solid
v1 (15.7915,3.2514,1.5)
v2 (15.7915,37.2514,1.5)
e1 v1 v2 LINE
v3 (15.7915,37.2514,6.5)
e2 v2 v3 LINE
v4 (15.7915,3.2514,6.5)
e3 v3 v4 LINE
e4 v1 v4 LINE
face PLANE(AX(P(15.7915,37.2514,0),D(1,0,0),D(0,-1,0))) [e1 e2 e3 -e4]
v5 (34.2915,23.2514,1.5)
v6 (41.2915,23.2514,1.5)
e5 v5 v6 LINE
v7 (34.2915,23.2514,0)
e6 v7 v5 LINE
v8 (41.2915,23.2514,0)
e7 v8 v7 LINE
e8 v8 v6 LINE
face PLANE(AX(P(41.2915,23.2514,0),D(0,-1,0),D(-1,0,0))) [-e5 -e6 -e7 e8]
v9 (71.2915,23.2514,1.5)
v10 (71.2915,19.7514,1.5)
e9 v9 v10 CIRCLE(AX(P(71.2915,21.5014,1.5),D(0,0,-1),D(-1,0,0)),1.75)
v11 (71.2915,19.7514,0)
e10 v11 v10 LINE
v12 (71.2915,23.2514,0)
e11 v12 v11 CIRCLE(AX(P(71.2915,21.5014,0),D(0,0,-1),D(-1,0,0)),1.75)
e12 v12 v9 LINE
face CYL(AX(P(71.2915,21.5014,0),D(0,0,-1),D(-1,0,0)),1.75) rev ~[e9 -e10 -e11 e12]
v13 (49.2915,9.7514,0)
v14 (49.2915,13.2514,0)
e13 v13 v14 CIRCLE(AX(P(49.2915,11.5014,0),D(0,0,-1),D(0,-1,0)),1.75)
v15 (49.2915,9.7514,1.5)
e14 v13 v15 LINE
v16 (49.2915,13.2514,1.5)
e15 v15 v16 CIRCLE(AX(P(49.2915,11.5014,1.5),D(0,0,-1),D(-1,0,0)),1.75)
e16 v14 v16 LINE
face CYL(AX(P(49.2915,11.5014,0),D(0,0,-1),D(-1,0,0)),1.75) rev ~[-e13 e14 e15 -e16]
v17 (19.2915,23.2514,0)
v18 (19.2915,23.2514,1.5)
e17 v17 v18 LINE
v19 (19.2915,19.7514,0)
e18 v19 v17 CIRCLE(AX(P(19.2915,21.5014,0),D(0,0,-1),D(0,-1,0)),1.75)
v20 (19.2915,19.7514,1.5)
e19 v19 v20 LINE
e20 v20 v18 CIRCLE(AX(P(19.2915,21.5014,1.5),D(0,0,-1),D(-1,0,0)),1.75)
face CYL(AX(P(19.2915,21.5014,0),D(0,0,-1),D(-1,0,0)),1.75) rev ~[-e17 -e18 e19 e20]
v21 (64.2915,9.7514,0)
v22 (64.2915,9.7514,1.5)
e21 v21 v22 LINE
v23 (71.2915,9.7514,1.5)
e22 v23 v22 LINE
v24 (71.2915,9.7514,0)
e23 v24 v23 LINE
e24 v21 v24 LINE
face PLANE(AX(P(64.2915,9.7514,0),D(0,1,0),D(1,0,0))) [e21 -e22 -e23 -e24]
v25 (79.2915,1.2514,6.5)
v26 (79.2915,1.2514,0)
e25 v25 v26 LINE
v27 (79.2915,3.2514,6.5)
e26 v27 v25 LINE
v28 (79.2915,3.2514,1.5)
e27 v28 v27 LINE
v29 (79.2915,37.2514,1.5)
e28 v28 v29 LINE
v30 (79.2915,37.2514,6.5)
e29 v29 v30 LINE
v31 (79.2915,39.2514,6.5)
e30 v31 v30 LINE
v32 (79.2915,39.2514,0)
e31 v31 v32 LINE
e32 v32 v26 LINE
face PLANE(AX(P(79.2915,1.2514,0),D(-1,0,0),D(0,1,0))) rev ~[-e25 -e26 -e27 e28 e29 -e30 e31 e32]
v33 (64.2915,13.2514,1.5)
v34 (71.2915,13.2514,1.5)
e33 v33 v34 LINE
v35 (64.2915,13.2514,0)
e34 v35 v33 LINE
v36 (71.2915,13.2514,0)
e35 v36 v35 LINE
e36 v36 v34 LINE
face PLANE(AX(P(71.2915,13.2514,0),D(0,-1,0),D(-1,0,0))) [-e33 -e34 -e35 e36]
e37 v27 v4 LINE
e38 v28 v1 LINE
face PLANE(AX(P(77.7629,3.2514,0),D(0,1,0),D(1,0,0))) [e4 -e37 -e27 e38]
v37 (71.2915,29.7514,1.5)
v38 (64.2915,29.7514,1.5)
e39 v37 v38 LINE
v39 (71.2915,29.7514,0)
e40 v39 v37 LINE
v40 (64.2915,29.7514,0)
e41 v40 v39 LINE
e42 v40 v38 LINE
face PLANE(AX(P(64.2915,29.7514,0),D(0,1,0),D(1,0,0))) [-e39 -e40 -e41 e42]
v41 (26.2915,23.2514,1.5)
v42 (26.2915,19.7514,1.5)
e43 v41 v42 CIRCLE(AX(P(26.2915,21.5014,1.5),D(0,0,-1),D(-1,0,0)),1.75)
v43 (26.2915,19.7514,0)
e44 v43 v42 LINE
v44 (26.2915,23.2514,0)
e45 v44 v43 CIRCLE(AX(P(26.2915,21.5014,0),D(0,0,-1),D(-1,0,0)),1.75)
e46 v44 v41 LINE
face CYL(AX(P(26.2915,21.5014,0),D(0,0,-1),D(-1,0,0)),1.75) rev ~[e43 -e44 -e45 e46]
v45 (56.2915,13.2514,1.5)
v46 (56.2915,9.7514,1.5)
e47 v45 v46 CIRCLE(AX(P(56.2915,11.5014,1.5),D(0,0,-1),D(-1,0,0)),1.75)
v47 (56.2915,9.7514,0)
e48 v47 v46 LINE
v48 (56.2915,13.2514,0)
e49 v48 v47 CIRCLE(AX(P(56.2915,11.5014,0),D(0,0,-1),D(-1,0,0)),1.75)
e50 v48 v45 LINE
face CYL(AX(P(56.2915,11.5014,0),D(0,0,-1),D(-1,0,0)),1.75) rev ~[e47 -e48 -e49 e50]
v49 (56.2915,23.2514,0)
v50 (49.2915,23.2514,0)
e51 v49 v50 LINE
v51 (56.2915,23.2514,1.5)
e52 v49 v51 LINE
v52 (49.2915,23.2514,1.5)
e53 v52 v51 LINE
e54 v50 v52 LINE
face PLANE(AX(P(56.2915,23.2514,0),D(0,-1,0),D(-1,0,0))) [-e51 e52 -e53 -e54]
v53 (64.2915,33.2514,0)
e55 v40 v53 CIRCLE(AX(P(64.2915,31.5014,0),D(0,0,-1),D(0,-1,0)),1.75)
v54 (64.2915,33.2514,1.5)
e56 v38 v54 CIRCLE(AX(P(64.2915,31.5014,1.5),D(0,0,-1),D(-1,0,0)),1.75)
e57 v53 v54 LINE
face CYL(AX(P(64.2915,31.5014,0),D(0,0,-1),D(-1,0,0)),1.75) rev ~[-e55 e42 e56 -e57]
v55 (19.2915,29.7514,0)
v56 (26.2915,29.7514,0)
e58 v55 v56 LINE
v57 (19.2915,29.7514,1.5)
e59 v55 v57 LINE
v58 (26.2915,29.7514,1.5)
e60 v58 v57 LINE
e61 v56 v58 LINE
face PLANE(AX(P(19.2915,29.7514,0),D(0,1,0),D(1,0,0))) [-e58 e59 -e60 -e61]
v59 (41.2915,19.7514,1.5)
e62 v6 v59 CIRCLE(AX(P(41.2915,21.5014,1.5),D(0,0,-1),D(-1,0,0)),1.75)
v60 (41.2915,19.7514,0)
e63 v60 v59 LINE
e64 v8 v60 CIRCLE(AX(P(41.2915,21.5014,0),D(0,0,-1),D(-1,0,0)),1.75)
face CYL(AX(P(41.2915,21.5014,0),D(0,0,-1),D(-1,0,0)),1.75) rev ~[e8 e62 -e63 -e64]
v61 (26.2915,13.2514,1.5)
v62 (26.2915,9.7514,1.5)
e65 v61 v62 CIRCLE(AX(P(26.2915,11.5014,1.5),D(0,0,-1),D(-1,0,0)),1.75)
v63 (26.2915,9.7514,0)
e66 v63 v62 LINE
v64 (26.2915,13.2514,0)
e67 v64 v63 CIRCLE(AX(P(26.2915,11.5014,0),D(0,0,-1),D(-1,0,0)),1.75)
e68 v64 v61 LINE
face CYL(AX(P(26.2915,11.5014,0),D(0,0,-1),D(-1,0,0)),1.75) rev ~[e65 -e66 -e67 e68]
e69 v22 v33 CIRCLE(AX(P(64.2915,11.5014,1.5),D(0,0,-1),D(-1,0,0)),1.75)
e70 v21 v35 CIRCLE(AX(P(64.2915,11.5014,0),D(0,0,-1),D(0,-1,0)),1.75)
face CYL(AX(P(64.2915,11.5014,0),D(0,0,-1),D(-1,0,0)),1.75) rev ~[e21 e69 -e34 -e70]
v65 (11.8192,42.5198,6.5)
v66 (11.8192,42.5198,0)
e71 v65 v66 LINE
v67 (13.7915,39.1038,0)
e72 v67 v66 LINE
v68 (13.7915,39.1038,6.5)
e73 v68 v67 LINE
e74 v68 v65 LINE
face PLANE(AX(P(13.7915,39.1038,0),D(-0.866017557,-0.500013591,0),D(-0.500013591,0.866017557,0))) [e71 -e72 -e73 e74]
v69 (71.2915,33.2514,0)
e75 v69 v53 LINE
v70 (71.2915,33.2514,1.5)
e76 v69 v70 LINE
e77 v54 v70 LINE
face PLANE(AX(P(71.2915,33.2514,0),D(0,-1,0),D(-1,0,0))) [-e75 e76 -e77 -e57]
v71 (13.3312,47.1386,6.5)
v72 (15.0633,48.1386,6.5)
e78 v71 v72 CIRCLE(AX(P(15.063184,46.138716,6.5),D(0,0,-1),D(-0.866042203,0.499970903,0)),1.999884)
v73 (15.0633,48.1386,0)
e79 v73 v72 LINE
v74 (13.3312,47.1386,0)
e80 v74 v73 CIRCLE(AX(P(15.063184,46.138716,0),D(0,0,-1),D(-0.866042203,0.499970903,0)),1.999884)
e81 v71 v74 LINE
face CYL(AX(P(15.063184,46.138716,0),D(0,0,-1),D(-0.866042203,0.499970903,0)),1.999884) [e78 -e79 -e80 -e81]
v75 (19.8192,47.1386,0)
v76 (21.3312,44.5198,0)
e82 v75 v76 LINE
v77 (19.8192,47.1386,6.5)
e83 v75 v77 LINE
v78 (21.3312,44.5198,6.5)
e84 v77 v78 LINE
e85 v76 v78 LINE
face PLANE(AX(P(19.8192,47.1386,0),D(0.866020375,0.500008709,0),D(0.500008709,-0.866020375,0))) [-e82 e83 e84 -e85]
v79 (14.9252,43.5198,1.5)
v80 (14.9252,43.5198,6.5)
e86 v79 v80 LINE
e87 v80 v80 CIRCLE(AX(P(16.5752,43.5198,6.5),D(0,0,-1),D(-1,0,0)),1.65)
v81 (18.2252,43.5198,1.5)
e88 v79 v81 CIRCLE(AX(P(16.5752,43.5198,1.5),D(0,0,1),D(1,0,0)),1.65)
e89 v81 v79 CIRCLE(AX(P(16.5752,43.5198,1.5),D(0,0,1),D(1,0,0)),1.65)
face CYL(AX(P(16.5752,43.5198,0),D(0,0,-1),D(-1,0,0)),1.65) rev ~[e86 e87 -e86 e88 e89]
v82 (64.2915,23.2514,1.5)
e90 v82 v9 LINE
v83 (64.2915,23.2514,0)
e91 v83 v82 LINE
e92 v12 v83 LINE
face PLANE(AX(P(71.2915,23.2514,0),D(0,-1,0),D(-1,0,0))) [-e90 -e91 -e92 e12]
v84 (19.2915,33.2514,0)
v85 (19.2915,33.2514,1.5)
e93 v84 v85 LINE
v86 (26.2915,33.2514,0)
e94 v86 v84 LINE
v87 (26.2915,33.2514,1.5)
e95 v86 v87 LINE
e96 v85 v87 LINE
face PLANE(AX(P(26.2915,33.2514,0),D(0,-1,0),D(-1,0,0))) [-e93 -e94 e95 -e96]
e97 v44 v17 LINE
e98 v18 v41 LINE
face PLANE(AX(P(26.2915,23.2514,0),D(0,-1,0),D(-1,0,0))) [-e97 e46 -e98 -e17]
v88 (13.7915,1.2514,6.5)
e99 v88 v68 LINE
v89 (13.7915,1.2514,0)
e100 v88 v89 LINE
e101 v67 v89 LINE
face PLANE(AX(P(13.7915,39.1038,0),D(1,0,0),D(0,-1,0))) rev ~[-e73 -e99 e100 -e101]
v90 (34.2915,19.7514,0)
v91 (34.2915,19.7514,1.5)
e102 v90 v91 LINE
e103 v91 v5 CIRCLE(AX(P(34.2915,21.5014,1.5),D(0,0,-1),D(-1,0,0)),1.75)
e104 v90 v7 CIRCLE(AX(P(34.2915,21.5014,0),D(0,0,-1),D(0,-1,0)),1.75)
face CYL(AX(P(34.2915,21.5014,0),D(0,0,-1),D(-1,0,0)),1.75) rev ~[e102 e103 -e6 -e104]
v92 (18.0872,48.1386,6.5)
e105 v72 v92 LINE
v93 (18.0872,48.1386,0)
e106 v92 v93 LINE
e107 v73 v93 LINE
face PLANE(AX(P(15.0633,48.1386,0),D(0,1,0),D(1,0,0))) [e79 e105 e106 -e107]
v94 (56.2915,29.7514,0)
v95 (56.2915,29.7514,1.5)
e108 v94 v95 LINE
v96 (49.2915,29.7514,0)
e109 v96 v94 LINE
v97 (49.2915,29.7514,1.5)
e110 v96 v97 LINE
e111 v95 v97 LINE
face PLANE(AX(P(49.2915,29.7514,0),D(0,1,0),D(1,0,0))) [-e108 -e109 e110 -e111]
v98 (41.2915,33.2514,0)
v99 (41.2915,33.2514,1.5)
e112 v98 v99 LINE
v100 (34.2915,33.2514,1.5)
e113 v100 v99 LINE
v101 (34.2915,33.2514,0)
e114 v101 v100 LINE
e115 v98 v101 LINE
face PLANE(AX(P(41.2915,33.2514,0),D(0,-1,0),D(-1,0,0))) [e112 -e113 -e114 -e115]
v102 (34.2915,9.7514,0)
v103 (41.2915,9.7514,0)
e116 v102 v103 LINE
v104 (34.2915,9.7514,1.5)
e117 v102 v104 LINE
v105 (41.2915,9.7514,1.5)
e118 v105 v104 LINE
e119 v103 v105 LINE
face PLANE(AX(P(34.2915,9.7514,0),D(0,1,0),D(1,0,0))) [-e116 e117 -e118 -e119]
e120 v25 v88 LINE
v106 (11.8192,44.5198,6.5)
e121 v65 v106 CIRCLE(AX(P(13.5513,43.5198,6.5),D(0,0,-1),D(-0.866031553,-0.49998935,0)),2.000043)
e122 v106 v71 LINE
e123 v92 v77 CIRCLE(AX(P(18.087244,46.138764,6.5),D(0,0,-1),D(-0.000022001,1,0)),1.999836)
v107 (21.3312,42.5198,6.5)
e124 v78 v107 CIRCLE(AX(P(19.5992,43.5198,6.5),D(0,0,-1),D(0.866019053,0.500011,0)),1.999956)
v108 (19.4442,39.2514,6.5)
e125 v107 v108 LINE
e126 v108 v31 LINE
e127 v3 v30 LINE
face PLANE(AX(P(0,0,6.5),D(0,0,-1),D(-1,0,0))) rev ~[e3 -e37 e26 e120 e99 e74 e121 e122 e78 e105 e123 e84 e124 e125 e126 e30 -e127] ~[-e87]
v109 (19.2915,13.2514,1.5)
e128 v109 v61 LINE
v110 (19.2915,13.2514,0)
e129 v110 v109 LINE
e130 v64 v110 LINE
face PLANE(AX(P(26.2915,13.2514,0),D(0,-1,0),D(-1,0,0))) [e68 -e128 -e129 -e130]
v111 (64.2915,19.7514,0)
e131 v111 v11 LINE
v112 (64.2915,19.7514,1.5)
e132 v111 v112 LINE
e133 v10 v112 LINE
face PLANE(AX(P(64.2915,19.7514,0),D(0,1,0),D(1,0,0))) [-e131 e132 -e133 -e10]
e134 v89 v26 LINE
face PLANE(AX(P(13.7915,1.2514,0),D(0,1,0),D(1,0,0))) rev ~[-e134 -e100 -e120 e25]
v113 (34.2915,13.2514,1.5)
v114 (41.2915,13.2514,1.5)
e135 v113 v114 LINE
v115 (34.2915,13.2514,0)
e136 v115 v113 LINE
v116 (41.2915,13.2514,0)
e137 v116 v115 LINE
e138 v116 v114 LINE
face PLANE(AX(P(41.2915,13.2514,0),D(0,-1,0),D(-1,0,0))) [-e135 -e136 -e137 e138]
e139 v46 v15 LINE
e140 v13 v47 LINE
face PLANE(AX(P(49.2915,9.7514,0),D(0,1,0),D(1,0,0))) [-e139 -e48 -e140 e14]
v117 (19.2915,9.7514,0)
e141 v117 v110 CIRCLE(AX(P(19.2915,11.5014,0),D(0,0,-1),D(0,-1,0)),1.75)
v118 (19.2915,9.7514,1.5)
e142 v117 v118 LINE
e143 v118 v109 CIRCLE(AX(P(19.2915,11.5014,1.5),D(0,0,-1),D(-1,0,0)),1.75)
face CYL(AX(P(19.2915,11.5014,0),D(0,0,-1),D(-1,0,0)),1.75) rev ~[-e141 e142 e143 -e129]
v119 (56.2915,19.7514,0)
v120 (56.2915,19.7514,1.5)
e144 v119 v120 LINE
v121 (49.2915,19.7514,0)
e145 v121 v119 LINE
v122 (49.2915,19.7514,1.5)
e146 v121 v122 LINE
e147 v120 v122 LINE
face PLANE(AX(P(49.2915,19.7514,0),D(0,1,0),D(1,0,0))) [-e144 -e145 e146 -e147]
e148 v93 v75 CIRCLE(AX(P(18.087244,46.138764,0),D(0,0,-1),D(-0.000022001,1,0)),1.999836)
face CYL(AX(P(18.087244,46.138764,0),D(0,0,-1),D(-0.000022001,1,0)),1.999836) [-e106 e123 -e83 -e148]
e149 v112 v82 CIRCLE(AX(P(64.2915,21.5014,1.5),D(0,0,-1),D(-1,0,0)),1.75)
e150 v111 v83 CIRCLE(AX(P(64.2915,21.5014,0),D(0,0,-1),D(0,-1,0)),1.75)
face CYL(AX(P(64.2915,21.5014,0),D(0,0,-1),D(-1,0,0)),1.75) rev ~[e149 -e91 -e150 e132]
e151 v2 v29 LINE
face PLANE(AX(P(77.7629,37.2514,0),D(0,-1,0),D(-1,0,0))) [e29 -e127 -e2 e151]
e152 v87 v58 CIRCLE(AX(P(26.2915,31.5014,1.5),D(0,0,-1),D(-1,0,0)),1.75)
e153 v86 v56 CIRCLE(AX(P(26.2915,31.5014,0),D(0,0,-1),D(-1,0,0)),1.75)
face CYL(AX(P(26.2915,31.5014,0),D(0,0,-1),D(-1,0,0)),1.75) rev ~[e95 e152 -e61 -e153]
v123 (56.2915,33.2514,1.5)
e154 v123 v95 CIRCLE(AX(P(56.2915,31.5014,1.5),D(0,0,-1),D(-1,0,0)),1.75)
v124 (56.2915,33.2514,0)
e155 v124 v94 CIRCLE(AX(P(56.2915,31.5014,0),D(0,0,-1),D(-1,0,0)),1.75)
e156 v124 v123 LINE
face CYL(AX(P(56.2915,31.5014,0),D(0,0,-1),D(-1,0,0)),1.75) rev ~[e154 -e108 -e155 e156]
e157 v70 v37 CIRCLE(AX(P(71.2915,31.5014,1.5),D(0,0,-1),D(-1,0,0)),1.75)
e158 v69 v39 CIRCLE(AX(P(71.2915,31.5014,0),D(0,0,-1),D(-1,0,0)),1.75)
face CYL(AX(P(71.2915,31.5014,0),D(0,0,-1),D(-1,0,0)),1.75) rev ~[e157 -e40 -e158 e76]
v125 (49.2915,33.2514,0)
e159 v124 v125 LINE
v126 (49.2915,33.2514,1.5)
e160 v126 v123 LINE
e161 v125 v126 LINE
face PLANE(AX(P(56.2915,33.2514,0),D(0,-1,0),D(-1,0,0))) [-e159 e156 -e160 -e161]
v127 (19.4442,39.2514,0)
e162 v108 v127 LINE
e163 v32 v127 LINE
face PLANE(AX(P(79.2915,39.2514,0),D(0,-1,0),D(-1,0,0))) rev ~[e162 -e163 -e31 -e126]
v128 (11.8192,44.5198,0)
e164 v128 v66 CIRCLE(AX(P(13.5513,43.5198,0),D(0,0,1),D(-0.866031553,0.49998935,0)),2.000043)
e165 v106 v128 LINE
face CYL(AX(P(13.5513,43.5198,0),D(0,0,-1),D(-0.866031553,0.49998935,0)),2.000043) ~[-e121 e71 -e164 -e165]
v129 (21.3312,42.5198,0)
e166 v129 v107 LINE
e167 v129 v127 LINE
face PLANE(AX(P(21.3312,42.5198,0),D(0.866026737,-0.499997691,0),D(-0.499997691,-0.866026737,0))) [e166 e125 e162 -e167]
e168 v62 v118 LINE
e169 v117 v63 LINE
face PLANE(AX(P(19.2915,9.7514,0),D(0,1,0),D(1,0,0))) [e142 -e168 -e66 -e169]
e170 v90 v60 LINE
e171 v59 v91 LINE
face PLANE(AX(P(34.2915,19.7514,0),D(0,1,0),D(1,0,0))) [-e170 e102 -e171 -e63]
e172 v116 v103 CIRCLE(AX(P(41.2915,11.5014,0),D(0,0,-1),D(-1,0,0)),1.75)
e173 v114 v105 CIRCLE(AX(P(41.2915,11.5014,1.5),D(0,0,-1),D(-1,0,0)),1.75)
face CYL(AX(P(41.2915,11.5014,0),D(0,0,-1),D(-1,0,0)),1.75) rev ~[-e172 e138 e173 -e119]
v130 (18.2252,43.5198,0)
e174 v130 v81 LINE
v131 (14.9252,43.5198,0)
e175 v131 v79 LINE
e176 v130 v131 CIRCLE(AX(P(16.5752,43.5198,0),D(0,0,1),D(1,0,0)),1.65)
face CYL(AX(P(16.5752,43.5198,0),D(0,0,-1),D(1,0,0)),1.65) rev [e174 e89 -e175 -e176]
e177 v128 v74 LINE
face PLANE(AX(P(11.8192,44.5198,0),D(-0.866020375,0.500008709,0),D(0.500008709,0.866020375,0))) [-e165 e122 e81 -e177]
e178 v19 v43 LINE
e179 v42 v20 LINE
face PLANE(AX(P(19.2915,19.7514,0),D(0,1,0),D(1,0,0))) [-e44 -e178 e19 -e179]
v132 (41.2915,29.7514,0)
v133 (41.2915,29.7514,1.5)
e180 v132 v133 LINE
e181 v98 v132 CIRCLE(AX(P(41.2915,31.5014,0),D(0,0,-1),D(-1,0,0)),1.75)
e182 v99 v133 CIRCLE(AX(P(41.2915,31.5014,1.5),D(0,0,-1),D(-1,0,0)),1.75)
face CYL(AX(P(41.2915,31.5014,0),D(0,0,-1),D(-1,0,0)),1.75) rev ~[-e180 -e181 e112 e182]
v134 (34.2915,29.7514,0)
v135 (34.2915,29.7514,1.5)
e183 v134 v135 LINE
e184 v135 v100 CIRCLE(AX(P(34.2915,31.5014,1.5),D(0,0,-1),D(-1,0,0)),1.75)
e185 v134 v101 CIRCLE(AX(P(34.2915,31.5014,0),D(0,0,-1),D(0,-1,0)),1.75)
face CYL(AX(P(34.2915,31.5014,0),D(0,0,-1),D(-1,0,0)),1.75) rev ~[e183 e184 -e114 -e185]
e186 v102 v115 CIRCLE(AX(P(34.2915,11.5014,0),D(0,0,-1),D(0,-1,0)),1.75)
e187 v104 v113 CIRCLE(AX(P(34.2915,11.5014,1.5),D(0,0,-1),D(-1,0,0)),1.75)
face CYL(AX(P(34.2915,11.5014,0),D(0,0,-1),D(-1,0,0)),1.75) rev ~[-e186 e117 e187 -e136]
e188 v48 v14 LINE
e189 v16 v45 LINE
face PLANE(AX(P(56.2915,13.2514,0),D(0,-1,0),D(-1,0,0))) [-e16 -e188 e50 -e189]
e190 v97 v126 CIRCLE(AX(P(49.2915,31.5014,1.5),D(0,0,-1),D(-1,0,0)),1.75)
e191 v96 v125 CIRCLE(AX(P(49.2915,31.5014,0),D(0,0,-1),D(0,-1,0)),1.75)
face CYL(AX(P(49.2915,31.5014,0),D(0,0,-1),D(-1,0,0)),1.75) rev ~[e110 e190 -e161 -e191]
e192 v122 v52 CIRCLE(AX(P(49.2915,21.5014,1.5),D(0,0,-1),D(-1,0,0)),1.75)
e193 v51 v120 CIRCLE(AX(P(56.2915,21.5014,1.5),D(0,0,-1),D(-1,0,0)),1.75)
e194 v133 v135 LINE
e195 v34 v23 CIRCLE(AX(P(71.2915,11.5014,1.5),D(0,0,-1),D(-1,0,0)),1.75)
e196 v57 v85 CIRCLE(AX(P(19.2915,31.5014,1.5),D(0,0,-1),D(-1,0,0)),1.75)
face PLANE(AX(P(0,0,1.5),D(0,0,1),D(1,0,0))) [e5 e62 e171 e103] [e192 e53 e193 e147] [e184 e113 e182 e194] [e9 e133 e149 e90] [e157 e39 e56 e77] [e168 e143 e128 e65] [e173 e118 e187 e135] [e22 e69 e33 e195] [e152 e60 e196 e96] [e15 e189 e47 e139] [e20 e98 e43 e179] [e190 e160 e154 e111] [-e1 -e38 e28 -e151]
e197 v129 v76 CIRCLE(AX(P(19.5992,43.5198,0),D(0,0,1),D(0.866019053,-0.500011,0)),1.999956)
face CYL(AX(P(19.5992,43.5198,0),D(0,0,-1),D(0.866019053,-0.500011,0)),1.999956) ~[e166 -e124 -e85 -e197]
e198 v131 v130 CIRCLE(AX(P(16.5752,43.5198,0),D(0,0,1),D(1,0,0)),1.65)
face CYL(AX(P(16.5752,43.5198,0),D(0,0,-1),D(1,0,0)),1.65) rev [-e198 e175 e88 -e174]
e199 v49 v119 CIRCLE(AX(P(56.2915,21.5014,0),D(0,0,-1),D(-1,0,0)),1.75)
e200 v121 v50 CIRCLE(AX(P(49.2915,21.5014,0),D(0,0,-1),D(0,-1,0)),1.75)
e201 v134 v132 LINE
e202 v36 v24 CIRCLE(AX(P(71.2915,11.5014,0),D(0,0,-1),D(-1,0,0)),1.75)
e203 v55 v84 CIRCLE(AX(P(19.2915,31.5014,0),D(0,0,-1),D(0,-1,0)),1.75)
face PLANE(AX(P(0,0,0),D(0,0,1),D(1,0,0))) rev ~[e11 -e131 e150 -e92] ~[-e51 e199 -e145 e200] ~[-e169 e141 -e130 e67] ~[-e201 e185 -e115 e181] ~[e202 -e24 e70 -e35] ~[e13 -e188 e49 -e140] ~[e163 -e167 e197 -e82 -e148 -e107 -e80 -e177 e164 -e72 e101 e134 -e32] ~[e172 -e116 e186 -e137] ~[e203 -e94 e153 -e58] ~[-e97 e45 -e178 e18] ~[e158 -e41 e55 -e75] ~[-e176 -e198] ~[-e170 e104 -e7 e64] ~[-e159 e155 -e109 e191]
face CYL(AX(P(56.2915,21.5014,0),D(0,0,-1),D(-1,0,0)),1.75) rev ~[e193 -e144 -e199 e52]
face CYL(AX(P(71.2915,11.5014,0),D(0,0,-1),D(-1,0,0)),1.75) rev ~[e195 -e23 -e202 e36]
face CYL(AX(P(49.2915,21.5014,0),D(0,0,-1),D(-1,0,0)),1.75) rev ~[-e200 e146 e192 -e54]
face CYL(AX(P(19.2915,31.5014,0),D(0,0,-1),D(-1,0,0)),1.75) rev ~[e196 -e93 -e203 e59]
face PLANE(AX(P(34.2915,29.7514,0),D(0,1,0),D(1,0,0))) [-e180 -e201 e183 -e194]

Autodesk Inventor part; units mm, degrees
ref_plane "YZ Plane" through (0, 0, 0) normal (1, 0, 0) x (0, 1, 0)
ref_plane "XZ Plane" through (0, 0, 0) normal (0, 1, 0) x (-1, 0, 0)
ref_plane "XY Plane" through (0, 0, 0) normal (0, 0, 1) x (1, 0, 0)
sketch "Sketch1" plane through (0, 0, 0) normal (0, 0, 1) x (1, 0, 0)
  circle A0 centre (16.5752, 43.5198) radius 1.65
  line L0 (21.3312, 42.5198) -> (19.4442, 39.2514)
  arc A1 (21.3312, 42.5198) -> (21.3312, 44.5198) centre (19.5992, 43.5198) ccw
  line L1 (19.8192, 47.1386) -> (21.3312, 44.5198)
  arc A2 (19.8192, 47.1386) -> (18.0872, 48.1386) centre (18.0872, 46.1386) ccw
  line L2 (15.0633, 48.1386) -> (18.0872, 48.1386)
  arc A3 (15.0633, 48.1386) -> (13.3312, 47.1386) centre (15.0633, 46.1386) ccw
  line L3 (11.8192, 44.5198) -> (13.3312, 47.1386)
  arc A4 (11.8192, 44.5198) -> (11.8192, 42.5198) centre (13.5513, 43.5198) ccw
  line L4 (13.7915, 39.1038) -> (11.8192, 42.5198)
  line L5 (13.7915, 39.1038) -> (13.7915, 1.2514)
  line L6 (13.7915, 1.2514) -> (79.2915, 1.2514)
  line L7 (79.2915, 1.2514) -> (79.2915, 39.2514)
  line L8 (79.2915, 39.2514) -> (19.4442, 39.2514)
  point P0 (0, 0)
  point P1 (0, 0)
  dimension "d0" = 65.5
  dimension "d1" = 38
  dimension "d3" = 37.8524
  dimension "d4" = 90
  dimension "d5" = 90
  dimension "d6" = 5.6528
  dimension "d10" = 90
extrude "Extrusion1" add sketch "Sketch1" along normal blind 1.5
sketch "Sketch2" plane through (0, 0, 0) normal (0, 0, -1) x (-1, 0, 0)
  circle A0 centre (-16.5752, 43.5198) radius 1.65 projected
  line L0 (-13.7915, 1.2514) -> (-13.7915, 39.1038) projected
  line L1 (-13.7915, 39.1038) -> (-11.8192, 42.5198) projected
  arc A1 (-11.8192, 42.5198) -> (-11.8192, 44.5198) centre (-13.5513, 43.5198) ccw projected
  line L2 (-11.8192, 44.5198) -> (-13.3312, 47.1386) projected
  arc A2 (-13.3312, 47.1386) -> (-15.0633, 48.1386) centre (-15.0633, 46.1386) ccw projected
  line L3 (-15.0633, 48.1386) -> (-18.0872, 48.1386) projected
  arc A3 (-18.0872, 48.1386) -> (-19.8192, 47.1386) centre (-18.0872, 46.1386) ccw projected
  line L4 (-19.8192, 47.1386) -> (-21.3312, 44.5198) projected
  arc A4 (-21.3312, 44.5198) -> (-21.3312, 42.5198) centre (-19.5992, 43.5198) ccw projected
  line L5 (-21.3312, 42.5198) -> (-19.4442, 39.2514) projected
  line L6 (-19.4442, 39.2514) -> (-79.2915, 39.2514) projected
  line L7 (-79.2915, 39.2514) -> (-79.2915, 1.2514) projected
  line L8 (-79.2915, 1.2514) -> (-13.7915, 1.2514) projected
  line L9 (-77.7629, 37.2514) -> (-15.7915, 37.2514)
  line L10 (-15.7915, 37.2514) -> (-15.7915, 3.2514)
  line L11 (-15.7915, 3.2514) -> (-77.7629, 3.2514)
  line L12 (-77.7629, 37.2514) -> (-79.2915, 37.2514)
  line L13 (-77.7629, 3.2514) -> (-79.2915, 3.2514)
  point P0 (0, 0)
  dimension "d11" = 2
  dimension "d12" = 2
  dimension "d13" = 2
extrude "Extrusion2" add sketch "Sketch2" against normal blind 6.5 contours L8 L7 L13 L11 L10 L9 L12 L6 L5 A4 L4 A3 L3 A2 L2 A1 L1 L0
sketch "Sketch3" plane through (0, 0, 0) normal (0, 0, -1) x (-1, 0, 0)
  line L0 (-79.2915, 39.2514) -> (-79.2915, 1.2514) projected
  line L1 (-19.4442, 39.2514) -> (-79.2915, 39.2514) projected
  line L2 (-71.2915, 33.2514) -> (-64.2915, 33.2514)
  line L3 (-64.2915, 33.2514) -> (-64.2915, 29.7514)
  line L4 (-64.2915, 29.7514) -> (-71.2915, 29.7514)
  line L5 (-71.2915, 29.7514) -> (-71.2915, 33.2514)
  circle A0 centre (-71.2915, 31.5014) radius 1.75
  circle A1 centre (-64.2915, 31.5014) radius 1.75
  point P0 (0, 0)
  dimension "d16" = 3.5
  dimension "d17" = 7
  dimension "d18" = 6
  dimension "d19" = 8
extrude "Extrusion3" cut sketch "Sketch3" against normal blind 2.5
pattern_linear "Rectangular Pattern1" count 4 spacing 15 along (-1, 0, 0) count 3 spacing 10 along (0, -1, 0) of "Extrusion3"
properties part number "case add on sdr top"
